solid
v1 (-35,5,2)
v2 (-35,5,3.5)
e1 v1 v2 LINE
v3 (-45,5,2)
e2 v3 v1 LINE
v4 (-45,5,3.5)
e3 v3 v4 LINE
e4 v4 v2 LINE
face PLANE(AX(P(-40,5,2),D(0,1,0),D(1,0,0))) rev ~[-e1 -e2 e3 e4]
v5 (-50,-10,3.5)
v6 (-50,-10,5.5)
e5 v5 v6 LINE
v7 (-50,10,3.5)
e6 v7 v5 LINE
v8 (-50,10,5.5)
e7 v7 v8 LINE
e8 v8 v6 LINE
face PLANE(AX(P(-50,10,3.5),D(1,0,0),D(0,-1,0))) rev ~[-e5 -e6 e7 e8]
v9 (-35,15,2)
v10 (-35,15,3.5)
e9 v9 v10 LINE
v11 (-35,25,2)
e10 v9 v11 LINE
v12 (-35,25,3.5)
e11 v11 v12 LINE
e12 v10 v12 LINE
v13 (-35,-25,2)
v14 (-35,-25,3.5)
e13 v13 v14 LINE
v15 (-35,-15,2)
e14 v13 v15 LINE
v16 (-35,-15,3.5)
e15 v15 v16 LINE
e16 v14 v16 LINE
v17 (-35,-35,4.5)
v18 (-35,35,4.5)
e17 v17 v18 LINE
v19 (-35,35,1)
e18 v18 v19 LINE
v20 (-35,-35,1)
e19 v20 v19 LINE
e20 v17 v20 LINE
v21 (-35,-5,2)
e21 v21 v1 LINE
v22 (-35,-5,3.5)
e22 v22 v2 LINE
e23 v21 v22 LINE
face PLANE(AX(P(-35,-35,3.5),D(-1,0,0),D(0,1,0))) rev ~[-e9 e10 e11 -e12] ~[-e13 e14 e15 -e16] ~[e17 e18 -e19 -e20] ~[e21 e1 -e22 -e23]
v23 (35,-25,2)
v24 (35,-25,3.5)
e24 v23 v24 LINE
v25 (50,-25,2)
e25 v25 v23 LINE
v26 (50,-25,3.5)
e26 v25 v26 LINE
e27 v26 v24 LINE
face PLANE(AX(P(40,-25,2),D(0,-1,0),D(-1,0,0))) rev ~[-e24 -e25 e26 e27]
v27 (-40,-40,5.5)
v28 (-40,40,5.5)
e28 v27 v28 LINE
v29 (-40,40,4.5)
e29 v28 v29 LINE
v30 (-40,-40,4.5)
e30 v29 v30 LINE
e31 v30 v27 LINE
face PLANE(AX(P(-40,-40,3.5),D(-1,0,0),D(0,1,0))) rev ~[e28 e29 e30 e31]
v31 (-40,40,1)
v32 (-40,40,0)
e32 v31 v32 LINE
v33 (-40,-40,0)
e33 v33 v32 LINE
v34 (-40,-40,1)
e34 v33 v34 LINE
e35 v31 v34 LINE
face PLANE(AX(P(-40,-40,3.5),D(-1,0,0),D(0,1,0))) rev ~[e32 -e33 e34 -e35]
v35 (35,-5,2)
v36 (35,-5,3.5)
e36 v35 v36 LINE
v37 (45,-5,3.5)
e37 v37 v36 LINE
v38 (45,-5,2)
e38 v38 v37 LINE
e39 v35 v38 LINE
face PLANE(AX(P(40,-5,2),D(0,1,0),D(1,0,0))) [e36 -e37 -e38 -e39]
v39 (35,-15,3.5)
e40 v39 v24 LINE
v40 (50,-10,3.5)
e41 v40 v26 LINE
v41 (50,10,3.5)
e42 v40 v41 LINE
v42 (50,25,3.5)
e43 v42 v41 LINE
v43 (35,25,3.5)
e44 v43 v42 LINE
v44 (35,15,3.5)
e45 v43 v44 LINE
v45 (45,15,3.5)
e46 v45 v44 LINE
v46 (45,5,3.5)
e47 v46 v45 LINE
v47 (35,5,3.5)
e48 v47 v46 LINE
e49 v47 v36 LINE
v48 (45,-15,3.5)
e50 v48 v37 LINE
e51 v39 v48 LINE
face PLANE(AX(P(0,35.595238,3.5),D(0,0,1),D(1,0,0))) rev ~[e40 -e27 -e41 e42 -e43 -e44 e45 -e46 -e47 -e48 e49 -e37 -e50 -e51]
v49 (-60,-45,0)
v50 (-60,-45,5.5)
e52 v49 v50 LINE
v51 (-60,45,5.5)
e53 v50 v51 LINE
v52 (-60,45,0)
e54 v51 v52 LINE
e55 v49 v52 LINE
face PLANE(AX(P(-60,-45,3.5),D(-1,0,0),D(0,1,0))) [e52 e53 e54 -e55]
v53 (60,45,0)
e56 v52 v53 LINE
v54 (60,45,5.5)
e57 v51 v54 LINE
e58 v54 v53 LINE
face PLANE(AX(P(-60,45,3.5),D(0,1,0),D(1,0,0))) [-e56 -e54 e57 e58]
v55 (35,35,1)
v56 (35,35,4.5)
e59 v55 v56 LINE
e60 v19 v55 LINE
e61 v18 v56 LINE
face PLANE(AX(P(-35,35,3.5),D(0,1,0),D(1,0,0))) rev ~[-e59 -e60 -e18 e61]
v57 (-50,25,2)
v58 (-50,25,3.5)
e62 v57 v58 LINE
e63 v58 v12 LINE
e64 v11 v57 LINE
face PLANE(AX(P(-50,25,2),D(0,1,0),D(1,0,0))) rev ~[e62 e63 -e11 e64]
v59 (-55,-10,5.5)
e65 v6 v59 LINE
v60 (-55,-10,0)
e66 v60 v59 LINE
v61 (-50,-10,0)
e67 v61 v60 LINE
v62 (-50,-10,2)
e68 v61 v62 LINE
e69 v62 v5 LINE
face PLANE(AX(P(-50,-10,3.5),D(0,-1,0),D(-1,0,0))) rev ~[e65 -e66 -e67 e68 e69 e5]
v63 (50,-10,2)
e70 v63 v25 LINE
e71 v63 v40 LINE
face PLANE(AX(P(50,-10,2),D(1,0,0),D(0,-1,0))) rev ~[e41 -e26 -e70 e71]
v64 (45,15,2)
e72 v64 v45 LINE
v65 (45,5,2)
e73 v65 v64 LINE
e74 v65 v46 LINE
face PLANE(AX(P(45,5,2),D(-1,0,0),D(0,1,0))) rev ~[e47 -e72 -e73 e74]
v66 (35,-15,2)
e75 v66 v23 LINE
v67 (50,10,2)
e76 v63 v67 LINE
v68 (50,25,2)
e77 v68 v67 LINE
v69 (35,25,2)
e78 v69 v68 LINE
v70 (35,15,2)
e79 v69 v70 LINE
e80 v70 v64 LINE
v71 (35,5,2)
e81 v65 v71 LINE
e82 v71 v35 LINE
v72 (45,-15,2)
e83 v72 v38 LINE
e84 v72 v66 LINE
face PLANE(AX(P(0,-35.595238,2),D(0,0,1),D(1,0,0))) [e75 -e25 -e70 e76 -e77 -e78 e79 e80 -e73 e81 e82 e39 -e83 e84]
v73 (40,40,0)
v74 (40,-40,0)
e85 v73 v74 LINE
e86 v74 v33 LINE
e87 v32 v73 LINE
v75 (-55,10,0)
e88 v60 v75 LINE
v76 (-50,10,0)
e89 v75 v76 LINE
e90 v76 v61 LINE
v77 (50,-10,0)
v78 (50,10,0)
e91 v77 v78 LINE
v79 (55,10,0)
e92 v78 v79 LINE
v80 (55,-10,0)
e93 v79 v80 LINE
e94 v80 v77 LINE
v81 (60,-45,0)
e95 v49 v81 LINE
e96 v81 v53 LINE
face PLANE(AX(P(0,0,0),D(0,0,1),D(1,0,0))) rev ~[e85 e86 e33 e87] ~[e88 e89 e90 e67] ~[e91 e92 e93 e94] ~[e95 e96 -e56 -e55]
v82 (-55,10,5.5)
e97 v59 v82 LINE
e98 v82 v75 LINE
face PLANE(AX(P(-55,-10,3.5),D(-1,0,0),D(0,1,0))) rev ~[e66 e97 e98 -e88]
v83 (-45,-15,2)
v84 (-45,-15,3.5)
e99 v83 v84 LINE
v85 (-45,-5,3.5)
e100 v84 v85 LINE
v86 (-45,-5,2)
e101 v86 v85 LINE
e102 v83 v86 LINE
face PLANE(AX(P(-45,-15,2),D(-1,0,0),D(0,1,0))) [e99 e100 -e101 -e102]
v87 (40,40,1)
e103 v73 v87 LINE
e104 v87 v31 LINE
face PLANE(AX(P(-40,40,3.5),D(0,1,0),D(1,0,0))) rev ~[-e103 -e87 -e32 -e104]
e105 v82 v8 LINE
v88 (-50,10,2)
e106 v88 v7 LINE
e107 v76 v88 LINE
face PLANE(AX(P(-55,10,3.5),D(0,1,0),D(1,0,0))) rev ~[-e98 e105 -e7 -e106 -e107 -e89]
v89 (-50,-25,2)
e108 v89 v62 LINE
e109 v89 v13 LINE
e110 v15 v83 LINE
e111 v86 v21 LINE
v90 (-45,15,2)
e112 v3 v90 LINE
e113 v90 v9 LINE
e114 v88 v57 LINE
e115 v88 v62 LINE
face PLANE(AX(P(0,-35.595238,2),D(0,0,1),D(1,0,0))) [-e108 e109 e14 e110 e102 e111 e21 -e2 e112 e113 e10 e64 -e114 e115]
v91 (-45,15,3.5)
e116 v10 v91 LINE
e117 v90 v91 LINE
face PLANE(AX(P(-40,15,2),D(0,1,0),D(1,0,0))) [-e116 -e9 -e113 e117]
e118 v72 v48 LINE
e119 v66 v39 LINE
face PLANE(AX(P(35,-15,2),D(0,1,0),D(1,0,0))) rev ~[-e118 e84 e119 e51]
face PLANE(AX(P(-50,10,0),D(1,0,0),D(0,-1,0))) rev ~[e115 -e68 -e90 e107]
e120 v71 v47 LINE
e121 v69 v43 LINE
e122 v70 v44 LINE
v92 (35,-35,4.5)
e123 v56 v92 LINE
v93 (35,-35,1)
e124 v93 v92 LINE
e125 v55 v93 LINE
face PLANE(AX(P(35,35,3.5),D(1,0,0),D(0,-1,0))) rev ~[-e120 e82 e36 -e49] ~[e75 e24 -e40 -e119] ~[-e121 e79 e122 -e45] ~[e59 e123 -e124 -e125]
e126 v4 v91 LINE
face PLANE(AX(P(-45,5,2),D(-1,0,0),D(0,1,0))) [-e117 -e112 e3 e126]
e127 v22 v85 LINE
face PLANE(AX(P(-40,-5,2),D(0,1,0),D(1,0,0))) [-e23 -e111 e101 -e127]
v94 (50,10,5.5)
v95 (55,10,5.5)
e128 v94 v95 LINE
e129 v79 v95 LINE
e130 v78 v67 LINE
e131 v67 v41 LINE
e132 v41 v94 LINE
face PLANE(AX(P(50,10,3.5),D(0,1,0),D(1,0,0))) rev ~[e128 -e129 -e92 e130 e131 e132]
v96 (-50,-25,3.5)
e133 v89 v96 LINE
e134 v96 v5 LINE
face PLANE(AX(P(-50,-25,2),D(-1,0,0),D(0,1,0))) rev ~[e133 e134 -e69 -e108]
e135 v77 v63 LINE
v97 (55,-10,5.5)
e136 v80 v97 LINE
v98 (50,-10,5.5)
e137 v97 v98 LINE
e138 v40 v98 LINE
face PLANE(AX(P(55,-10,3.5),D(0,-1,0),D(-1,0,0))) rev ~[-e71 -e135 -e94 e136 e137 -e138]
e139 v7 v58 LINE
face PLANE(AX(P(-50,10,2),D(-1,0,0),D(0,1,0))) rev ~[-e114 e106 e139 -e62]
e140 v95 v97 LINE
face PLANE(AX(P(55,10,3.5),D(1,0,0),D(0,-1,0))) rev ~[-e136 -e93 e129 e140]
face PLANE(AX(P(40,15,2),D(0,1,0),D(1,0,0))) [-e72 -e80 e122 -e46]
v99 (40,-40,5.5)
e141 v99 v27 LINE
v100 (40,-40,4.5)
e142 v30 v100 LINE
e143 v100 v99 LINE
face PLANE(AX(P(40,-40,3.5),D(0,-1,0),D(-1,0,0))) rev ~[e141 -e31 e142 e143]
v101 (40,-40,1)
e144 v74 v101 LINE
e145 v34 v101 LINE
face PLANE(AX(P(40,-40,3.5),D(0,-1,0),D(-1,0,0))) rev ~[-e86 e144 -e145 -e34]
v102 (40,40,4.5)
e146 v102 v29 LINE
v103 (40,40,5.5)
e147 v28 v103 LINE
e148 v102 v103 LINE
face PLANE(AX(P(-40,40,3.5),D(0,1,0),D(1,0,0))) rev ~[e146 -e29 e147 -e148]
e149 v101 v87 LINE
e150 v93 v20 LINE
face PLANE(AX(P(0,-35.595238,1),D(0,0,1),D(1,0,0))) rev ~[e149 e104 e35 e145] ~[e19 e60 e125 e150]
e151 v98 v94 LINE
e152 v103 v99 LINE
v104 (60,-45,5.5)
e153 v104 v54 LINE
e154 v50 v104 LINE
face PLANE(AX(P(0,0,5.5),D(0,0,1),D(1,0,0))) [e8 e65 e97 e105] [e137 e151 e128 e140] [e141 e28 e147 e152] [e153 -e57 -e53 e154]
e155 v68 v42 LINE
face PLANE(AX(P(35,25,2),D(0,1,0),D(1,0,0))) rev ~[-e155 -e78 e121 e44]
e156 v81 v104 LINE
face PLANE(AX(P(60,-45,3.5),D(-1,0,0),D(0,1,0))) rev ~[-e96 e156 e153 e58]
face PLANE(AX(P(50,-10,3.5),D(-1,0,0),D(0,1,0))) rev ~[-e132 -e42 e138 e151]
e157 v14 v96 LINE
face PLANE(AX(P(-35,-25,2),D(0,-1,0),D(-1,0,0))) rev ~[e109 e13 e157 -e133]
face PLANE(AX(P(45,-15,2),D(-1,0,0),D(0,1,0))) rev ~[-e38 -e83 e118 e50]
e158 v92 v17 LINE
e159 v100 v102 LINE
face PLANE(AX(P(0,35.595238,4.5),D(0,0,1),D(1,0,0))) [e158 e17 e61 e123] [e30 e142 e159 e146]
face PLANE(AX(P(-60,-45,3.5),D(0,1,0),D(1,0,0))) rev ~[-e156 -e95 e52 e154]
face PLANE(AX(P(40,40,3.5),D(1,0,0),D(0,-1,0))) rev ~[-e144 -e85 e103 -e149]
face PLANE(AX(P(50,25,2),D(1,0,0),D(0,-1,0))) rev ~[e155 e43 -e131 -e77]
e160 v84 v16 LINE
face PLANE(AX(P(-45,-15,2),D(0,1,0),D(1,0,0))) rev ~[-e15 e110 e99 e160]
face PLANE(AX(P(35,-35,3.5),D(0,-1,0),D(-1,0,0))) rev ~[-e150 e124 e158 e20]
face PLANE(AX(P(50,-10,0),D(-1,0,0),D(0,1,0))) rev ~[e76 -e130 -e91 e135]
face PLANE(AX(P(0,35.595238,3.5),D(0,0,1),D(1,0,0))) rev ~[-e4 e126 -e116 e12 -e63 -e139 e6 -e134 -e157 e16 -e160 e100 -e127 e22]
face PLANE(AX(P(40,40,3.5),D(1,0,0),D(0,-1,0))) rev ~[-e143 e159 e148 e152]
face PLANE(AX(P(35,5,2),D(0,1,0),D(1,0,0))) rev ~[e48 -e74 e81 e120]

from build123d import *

# Parameters (mm, degrees)
F0_W     = 120
F0_H     = 90
F0_W_2   = 5
F0_H_2   = 10
F1_DEPTH = 2
F2_START = 2
F2_DEPTH = 1.5
F3_START = 3.5
F3_DEPTH = 2
F4_START = 1
F4_DEPTH = 1
F5_START = 2
F5_DEPTH = 1.5
F6_START = 3.5
F6_DEPTH = 1


with BuildPart() as f1:
    # F0 (on Top) → F1 (new body)
    with BuildSketch(Plane.XY):
        Rectangle(F0_W, F0_H)
        Polygon((40, 40), (40, 25), (50, 25), (50, 10), (55, 10), (55, -10), (50, -10), (50, -25), (40, -25), (40, -40), (-40, -40), (-40, -25), (-50, -25), (-50, -10), (-55, -10), (-55, 10), (-50, 10), (-50, 25), (-40, 25), (-40, 40), align=None, mode=Mode.SUBTRACT)
        Polygon((-40, 15), (-40, 25), (-50, 25), (-50, 10), (-50, -10), (-50, -25), (-40, -25), (-40, -15), (-45, -15), (-45, -5), (-40, -5), (-40, 5), (-45, 5), (-45, 15), align=None)
        Polygon((50, 25), (40, 25), (40, 15), (45, 15), (45, 5), (40, 5), (40, -5), (45, -5), (45, -15), (40, -15), (40, -25), (50, -25), (50, -10), (50, 10), align=None)
        with Locations((42.5, 10)):
            Rectangle(F0_W_2, F0_H_2)
        with Locations((42.5, -10)):
            Rectangle(F0_W_2, F0_H_2)
        with Locations((-42.5, -10)):
            Rectangle(F0_W_2, F0_H_2)
        with Locations((-42.5, 10)):
            Rectangle(F0_W_2, F0_H_2)
    extrude(amount=F1_DEPTH)

    # F0 (on Top) → F2 (join)
    with BuildSketch(Plane.XY.offset(F2_START)):
        Rectangle(F0_W, F0_H)
        Polygon((40, 40), (40, 25), (50, 25), (50, 10), (55, 10), (55, -10), (50, -10), (50, -25), (40, -25), (40, -40), (-40, -40), (-40, -25), (-50, -25), (-50, -10), (-55, -10), (-55, 10), (-50, 10), (-50, 25), (-40, 25), (-40, 40), align=None, mode=Mode.SUBTRACT)
        with Locations((-42.5, -10)):
            Rectangle(F0_W_2, F0_H_2)
        with Locations((-42.5, 10)):
            Rectangle(F0_W_2, F0_H_2)
        with Locations((42.5, 10)):
            Rectangle(F0_W_2, F0_H_2)
        with Locations((42.5, -10)):
            Rectangle(F0_W_2, F0_H_2)
    extrude(amount=F2_DEPTH)

    # F0 (on Top) → F3 (join)
    with BuildSketch(Plane.XY.offset(F3_START)):
        Rectangle(F0_W, F0_H)
        Polygon((40, 40), (40, 25), (50, 25), (50, 10), (55, 10), (55, -10), (50, -10), (50, -25), (40, -25), (40, -40), (-40, -40), (-40, -25), (-50, -25), (-50, -10), (-55, -10), (-55, 10), (-50, 10), (-50, 25), (-40, 25), (-40, 40), align=None, mode=Mode.SUBTRACT)
        Polygon((-40, 15), (-40, 25), (-50, 25), (-50, 10), (-50, -10), (-50, -25), (-40, -25), (-40, -15), (-45, -15), (-45, -5), (-40, -5), (-40, 5), (-45, 5), (-45, 15), align=None)
        Polygon((50, 25), (40, 25), (40, 15), (45, 15), (45, 5), (40, 5), (40, -5), (45, -5), (45, -15), (40, -15), (40, -25), (50, -25), (50, -10), (50, 10), align=None)
        with Locations((42.5, 10)):
            Rectangle(F0_W_2, F0_H_2)
        with Locations((42.5, -10)):
            Rectangle(F0_W_2, F0_H_2)
        with Locations((-42.5, -10)):
            Rectangle(F0_W_2, F0_H_2)
        with Locations((-42.5, 10)):
            Rectangle(F0_W_2, F0_H_2)
    extrude(amount=F3_DEPTH)

    # F0 (on Top) → F4 (join)
    with BuildSketch(Plane.XY.offset(F4_START)):
        Polygon((40, -25), (35, -25), (35, -35), (-35, -35), (-35, -25), (-40, -25), (-40, -40), (40, -40), align=None)
        with Locations((-37.5, -20)):
            Rectangle(F0_W_2, F0_H_2)
        with Locations((-37.5, -10)):
            Rectangle(F0_W_2, F0_H_2)
        with Locations((-37.5, 0)):
            Rectangle(F0_W_2, F0_H_2)
        with Locations((-37.5, 10)):
            Rectangle(F0_W_2, F0_H_2)
        with Locations((-37.5, 20)):
            Rectangle(F0_W_2, F0_H_2)
        Polygon((-35, 35), (35, 35), (35, 25), (40, 25), (40, 40), (-40, 40), (-40, 25), (-35, 25), align=None)
        with Locations((37.5, 20)):
            Rectangle(F0_W_2, F0_H_2)
        with Locations((37.5, 10)):
            Rectangle(F0_W_2, F0_H_2)
        with Locations((37.5, 0)):
            Rectangle(F0_W_2, F0_H_2)
        with Locations((37.5, -10)):
            Rectangle(F0_W_2, F0_H_2)
        with Locations((37.5, -20)):
            Rectangle(F0_W_2, F0_H_2)
    extrude(amount=F4_DEPTH)

    # F0 (on Top) → F5 (join)
    with BuildSketch(Plane.XY.offset(F5_START)):
        with Locations((-37.5, 10)):
            Rectangle(F0_W_2, F0_H_2)
        with Locations((-37.5, -10)):
            Rectangle(F0_W_2, F0_H_2)
        Polygon((40, -25), (35, -25), (35, -35), (-35, -35), (-35, -25), (-40, -25), (-40, -40), (40, -40), align=None)
        with Locations((37.5, -10)):
            Rectangle(F0_W_2, F0_H_2)
        with Locations((37.5, 10)):
            Rectangle(F0_W_2, F0_H_2)
        Polygon((-35, 35), (35, 35), (35, 25), (40, 25), (40, 40), (-40, 40), (-40, 25), (-35, 25), align=None)
    extrude(amount=F5_DEPTH)

    # F0 (on Top) → F6 (join)
    with BuildSketch(Plane.XY.offset(F6_START)):
        Polygon((-35, 35), (35, 35), (35, 25), (40, 25), (40, 40), (-40, 40), (-40, 25), (-35, 25), align=None)
        with Locations((-37.5, 20)):
            Rectangle(F0_W_2, F0_H_2)
        with Locations((-37.5, 10)):
            Rectangle(F0_W_2, F0_H_2)
        with Locations((-37.5, 0)):
            Rectangle(F0_W_2, F0_H_2)
        with Locations((-37.5, -10)):
            Rectangle(F0_W_2, F0_H_2)
        with Locations((-37.5, -20)):
            Rectangle(F0_W_2, F0_H_2)
        Polygon((40, -25), (35, -25), (35, -35), (-35, -35), (-35, -25), (-40, -25), (-40, -40), (40, -40), align=None)
        with Locations((37.5, -20)):
            Rectangle(F0_W_2, F0_H_2)
        with Locations((37.5, -10)):
            Rectangle(F0_W_2, F0_H_2)
        with Locations((37.5, 0)):
            Rectangle(F0_W_2, F0_H_2)
        with Locations((37.5, 10)):
            Rectangle(F0_W_2, F0_H_2)
        with Locations((37.5, 20)):
            Rectangle(F0_W_2, F0_H_2)
    extrude(amount=F6_DEPTH)


solid = f1.part
